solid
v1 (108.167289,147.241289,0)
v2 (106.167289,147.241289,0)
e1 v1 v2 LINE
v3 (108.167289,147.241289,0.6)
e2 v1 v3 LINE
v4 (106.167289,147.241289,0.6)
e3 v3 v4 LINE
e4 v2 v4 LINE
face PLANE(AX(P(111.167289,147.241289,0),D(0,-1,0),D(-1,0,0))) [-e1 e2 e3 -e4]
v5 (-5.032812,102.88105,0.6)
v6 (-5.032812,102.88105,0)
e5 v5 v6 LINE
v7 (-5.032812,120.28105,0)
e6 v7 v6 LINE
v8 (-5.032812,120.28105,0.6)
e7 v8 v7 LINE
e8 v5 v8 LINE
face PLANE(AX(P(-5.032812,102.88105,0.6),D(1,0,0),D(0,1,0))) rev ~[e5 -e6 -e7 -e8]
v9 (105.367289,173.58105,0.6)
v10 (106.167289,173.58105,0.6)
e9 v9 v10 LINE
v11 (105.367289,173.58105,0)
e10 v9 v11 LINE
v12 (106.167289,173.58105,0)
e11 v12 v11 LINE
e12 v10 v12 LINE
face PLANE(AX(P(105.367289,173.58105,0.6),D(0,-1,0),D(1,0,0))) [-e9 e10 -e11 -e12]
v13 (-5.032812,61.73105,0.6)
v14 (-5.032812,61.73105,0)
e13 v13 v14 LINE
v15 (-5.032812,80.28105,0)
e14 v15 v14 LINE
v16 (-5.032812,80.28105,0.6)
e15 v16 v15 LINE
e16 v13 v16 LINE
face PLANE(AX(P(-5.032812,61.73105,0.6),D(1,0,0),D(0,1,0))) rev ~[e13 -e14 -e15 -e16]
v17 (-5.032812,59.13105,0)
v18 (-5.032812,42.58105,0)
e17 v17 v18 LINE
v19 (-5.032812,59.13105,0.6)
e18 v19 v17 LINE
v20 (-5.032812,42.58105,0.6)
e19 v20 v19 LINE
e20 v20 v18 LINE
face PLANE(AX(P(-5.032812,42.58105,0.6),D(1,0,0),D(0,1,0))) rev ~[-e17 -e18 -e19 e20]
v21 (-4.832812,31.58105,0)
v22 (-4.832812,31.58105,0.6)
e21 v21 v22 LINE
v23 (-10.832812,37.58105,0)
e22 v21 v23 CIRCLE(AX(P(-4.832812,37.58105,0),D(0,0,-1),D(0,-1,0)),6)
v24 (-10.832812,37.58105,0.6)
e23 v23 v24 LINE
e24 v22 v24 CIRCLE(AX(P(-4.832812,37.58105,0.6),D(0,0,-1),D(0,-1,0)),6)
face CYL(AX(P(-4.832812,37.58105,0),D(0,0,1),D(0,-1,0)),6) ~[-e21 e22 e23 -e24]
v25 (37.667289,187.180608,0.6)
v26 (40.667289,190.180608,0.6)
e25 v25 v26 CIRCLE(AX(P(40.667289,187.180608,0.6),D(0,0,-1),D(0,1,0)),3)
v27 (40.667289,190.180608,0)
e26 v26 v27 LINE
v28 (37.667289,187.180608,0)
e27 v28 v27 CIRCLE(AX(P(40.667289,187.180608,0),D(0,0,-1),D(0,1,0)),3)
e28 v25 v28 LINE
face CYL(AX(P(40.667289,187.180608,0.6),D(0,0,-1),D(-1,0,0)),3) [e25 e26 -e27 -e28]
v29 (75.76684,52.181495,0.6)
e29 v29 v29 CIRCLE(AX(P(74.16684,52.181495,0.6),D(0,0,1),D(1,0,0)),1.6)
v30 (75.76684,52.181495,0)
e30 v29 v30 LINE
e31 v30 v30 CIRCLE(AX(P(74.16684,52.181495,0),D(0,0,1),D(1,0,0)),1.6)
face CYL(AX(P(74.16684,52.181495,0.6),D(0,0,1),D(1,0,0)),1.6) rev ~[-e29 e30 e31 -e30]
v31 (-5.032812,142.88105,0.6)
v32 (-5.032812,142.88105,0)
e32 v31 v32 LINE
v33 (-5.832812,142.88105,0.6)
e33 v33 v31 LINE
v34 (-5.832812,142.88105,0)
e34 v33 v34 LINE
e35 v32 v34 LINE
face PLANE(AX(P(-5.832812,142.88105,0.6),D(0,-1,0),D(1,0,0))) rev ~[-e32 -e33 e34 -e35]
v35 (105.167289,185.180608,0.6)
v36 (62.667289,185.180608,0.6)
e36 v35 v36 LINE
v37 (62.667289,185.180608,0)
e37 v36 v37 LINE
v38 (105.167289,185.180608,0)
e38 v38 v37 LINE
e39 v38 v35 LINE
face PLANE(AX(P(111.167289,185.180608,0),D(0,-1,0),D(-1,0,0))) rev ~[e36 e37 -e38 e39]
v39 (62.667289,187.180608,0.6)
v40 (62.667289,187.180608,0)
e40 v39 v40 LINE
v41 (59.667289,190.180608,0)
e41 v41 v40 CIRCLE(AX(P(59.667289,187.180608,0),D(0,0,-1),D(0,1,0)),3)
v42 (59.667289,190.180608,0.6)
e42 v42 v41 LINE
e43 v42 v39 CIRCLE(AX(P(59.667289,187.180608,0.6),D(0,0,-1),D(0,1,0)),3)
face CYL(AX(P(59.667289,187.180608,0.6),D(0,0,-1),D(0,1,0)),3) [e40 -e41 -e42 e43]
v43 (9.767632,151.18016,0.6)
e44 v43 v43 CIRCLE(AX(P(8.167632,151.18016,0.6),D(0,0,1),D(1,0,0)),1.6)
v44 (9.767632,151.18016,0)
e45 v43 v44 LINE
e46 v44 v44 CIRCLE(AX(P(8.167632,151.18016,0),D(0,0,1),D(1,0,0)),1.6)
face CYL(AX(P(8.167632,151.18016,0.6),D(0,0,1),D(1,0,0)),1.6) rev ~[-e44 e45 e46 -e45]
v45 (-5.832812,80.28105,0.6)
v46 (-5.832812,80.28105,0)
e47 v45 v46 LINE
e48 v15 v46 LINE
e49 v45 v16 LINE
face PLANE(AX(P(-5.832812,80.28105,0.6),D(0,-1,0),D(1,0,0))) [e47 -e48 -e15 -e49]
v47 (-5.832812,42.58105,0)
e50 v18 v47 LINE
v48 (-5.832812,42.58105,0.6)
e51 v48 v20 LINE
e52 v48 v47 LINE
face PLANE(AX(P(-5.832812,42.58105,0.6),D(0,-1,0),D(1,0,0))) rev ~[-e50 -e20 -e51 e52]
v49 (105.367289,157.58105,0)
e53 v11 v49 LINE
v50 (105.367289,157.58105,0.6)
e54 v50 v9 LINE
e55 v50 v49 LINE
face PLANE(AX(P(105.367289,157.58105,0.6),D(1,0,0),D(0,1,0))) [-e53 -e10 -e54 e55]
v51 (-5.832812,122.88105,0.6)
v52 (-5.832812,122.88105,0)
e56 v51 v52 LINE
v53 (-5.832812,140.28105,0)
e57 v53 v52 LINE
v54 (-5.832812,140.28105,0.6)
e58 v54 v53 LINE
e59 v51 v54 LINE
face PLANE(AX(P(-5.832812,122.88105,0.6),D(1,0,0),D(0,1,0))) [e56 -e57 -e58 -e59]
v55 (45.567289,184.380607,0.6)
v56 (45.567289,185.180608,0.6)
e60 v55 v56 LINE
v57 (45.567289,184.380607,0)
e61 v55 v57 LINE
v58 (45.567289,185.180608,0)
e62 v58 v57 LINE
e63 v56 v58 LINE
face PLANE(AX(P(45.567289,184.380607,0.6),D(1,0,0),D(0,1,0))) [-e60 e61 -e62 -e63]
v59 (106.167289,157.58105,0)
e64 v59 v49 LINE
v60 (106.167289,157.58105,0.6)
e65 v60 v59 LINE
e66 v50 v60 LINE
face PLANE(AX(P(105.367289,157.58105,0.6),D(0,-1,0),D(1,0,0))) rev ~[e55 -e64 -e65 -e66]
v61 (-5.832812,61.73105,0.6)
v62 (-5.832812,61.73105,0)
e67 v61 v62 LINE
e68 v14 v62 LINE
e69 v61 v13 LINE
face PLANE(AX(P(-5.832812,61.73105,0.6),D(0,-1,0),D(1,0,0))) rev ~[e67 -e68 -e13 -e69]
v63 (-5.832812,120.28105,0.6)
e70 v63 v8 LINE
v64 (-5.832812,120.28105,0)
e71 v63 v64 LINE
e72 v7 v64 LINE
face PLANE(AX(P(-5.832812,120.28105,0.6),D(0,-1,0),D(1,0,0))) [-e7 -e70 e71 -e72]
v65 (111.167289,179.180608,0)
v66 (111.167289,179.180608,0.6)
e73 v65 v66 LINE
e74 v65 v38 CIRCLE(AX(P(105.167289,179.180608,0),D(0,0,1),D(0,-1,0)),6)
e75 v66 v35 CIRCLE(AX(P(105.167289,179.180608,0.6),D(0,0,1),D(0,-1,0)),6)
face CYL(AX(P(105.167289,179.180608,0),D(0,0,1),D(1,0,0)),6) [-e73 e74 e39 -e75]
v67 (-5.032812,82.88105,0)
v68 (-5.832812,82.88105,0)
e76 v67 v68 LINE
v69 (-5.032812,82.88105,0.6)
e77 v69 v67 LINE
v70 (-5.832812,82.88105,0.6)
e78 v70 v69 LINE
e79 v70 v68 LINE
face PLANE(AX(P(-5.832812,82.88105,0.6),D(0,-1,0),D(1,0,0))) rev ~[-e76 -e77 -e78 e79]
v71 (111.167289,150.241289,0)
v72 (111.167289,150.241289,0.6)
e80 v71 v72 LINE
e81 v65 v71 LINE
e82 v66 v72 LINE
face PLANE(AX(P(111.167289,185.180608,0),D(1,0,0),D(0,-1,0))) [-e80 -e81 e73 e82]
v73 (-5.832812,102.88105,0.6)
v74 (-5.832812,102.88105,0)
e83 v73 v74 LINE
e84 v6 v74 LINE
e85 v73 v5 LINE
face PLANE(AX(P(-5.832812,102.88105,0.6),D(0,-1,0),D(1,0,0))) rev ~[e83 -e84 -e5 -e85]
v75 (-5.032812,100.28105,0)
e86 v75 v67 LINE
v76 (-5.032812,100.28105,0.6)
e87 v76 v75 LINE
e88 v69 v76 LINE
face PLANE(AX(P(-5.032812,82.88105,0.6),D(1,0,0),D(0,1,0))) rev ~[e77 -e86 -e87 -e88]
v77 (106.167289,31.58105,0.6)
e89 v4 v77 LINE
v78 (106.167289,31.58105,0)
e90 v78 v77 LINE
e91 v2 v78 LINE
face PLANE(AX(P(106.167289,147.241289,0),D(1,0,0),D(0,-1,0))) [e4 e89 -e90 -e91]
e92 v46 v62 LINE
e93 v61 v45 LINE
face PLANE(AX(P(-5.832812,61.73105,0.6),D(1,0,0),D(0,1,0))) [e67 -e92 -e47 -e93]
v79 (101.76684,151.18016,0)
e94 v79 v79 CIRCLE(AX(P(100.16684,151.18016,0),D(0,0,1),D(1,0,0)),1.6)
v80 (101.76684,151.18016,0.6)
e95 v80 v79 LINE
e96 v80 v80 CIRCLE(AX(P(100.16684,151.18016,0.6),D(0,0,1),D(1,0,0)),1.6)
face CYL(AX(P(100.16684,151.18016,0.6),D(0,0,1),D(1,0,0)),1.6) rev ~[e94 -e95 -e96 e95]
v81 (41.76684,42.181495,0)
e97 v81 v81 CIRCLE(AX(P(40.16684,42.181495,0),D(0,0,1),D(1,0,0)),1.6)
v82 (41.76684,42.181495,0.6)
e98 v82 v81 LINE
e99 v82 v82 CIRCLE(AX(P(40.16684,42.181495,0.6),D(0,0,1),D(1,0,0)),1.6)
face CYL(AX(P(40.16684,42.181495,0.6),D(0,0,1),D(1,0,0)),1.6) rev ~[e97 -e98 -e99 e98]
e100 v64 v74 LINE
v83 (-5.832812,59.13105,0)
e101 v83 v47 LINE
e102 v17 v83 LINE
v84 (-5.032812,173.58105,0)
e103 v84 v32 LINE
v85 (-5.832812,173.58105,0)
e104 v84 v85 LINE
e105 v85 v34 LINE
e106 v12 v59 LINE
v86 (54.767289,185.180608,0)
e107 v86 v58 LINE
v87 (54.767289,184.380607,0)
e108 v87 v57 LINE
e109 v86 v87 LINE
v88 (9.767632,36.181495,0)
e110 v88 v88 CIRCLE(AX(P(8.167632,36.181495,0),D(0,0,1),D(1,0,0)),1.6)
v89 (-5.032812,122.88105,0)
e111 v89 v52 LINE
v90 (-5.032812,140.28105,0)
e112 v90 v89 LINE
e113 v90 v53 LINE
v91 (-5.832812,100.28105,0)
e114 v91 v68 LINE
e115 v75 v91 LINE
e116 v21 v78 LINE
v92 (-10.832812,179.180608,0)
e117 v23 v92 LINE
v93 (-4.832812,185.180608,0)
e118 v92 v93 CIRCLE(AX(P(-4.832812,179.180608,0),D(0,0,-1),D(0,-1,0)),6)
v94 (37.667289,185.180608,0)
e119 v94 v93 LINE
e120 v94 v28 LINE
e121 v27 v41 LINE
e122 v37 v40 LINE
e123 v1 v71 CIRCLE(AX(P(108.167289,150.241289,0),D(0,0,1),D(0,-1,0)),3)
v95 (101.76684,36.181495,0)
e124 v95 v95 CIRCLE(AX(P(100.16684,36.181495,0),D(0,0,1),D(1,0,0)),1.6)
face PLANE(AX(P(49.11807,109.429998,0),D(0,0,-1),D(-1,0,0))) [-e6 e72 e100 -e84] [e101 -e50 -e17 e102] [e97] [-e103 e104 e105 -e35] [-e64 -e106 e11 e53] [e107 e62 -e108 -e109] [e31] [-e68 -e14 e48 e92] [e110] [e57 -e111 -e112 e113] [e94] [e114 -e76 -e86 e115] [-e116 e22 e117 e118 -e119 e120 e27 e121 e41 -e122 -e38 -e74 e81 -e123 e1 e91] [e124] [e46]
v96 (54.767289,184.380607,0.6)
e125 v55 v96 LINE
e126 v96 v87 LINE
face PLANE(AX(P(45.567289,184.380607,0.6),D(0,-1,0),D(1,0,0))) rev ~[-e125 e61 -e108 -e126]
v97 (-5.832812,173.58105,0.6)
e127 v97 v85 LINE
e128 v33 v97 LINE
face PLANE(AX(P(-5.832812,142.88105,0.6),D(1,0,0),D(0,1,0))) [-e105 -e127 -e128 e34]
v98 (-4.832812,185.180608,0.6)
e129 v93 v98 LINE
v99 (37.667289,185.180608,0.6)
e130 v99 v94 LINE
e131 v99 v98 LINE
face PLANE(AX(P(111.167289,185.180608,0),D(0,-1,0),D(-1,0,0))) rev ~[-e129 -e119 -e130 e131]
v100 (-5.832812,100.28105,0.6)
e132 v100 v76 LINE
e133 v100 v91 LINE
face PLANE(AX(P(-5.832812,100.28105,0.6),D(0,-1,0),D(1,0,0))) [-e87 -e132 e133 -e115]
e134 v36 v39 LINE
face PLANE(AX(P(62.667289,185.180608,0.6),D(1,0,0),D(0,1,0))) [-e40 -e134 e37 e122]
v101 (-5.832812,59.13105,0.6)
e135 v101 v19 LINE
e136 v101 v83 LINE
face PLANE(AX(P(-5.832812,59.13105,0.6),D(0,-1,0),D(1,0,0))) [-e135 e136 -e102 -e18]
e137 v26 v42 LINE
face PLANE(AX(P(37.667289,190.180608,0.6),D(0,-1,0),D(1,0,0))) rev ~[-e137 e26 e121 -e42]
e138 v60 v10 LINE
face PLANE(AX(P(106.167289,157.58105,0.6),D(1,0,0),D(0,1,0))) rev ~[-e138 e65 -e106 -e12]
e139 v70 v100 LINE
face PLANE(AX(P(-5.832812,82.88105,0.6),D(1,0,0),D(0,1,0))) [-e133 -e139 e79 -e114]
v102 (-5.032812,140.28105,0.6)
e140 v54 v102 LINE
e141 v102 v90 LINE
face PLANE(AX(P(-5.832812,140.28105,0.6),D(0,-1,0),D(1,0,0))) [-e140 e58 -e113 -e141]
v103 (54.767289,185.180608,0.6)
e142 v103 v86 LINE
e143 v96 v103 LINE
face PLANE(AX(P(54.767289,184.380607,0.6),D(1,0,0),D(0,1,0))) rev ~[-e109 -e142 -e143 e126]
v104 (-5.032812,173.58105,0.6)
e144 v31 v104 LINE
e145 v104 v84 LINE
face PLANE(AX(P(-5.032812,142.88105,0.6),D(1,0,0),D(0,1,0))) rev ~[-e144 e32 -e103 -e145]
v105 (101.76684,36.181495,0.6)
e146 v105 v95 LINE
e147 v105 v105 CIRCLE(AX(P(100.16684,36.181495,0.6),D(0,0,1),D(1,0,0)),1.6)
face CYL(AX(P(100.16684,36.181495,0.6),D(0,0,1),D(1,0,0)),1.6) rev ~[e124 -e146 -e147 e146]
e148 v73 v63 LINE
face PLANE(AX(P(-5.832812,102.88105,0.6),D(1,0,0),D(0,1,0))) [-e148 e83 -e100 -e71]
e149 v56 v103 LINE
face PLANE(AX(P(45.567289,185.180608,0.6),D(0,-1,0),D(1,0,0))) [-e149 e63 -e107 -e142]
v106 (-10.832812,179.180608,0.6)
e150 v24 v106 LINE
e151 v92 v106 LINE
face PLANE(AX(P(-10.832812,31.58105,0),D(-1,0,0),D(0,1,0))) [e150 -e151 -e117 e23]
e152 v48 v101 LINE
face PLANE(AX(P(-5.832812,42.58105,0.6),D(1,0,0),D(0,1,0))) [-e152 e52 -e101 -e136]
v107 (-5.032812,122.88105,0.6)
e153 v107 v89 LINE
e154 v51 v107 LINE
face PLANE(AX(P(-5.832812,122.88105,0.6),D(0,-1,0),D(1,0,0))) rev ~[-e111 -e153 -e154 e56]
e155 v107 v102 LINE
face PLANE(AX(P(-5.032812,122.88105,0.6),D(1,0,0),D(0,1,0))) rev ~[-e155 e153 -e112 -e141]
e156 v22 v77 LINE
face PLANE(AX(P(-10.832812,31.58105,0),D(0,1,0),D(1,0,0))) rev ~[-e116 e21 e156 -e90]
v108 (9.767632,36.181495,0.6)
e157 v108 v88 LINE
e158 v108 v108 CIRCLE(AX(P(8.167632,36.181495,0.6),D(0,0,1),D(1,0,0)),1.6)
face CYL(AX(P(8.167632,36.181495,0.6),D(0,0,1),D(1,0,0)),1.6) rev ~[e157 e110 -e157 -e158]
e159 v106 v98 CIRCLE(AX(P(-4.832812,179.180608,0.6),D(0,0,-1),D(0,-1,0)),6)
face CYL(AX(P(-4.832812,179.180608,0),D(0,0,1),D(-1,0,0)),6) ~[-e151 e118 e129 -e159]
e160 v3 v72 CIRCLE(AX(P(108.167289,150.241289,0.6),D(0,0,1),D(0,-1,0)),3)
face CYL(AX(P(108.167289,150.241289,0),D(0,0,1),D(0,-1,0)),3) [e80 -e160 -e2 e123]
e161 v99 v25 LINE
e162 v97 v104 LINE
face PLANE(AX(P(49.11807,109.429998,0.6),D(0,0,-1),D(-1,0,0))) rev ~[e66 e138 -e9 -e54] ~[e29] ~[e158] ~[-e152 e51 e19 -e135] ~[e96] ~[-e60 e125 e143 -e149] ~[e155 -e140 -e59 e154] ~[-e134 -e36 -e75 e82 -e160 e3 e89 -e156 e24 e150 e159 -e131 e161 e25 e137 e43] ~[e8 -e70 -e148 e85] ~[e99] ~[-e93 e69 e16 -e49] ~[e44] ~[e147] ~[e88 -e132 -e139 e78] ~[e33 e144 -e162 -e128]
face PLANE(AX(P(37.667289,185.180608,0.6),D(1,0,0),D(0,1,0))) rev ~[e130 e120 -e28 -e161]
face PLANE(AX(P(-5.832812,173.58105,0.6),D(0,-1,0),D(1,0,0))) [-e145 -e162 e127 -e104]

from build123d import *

# Parameters (mm, degrees)
BOSS_EXTRUDE1_DEPTH = 0.6
SKETCH14_R          = 1.6
SKETCH14_W          = 0.8
SKETCH14_H          = 30.7
SKETCH14_H_2        = 16.55
SKETCH14_H_3        = 17.4
SKETCH14_H_4        = 18.55
SKETCH14_H_5        = 16
CUT_EXTRUDE1_DEPTH  = 1.6
FILLET3_R           = 6
SKETCH15_R          = 1.6
CUT_EXTRUDE2_DEPTH  = 1.6
SKETCH16_W          = 25
SKETCH16_H          = 5
BOSS_EXTRUDE2_DEPTH = 0.6
SKETCH17_W          = 9.2
SKETCH17_H          = 0.8
CUT_EXTRUDE3_DEPTH  = 1.6
FILLET4_R           = 3


with BuildPart() as part:
    # Sketch2 → Boss-Extrude1 (new body)
    with BuildSketch(Plane.XY):
        Polygon((106.16728925, 147.241288665), (106.16728925, 31.58105), (24.16705825, 31.58105), (-10.832812, 31.58105), (-10.832812, 185.1806075), (24.16705825, 185.1806075), (106.16728925, 185.1806075), (111.16728925, 185.1806075), (111.16728925, 147.241288665), align=None)
    extrude(amount=BOSS_EXTRUDE1_DEPTH)

    # Sketch14 → Cut-Extrude1 (cut, through all)
    with BuildSketch(Plane.XY.offset(0.6)):
        with Locations((100.166839875, 36.181495)):
            Circle(SKETCH14_R)
        with Locations((8.167632375, 36.181495)):
            Circle(SKETCH14_R)
        with Locations((8.167632375, 151.18016)):
            Circle(SKETCH14_R)
        with Locations((100.166839875, 151.18016)):
            Circle(SKETCH14_R)
        with Locations((-5.432812, 158.23105)):
            Rectangle(SKETCH14_W, SKETCH14_H)
        with Locations((-5.432812, 50.85605)):
            Rectangle(SKETCH14_W, SKETCH14_H_2)
        with Locations((-5.432812, 131.58105)):
            Rectangle(SKETCH14_W, SKETCH14_H_3)
        with Locations((-5.432812, 71.00605)):
            Rectangle(SKETCH14_W, SKETCH14_H_4)
        with Locations((-5.432812, 91.58105)):
            Rectangle(SKETCH14_W, SKETCH14_H_3)
        with Locations((-5.432812, 111.58105)):
            Rectangle(SKETCH14_W, SKETCH14_H_3)
        with Locations((105.76728925, 165.58105)):
            Rectangle(SKETCH14_W, SKETCH14_H_5)
    extrude(amount=-CUT_EXTRUDE1_DEPTH, mode=Mode.SUBTRACT)

    # Fillet3
    fillet3_edges = [part.edges().sort_by_distance(p)[0] for p in [
        (111.16728925, 185.1806075, 0.3),
        (-10.832812, 31.58105, 0.3),
        (-10.832812, 185.1806075, 0.3),
    ]]
    fillet(fillet3_edges, radius=FILLET3_R)

    # Sketch15 → Cut-Extrude2 (cut, through all)
    with BuildSketch(Plane.XY.offset(0.6)):
        with Locations((74.166839875, 52.181495)):
            Circle(SKETCH15_R)
        with Locations((40.166839875, 42.181495)):
            Circle(SKETCH15_R)
    extrude(amount=-CUT_EXTRUDE2_DEPTH, mode=Mode.SUBTRACT)

    # Sketch16 → Boss-Extrude2 (add)
    with BuildSketch(Plane.XY.offset(0.6)):
        with Locations((50.16728925, 187.6806075)):
            Rectangle(SKETCH16_W, SKETCH16_H)
    extrude(amount=-BOSS_EXTRUDE2_DEPTH)

    # Sketch17 → Cut-Extrude3 (cut, through all)
    with BuildSketch(Plane.XY.offset(0.6)):
        with Locations((50.16728925, 184.7806075)):
            Rectangle(SKETCH17_W, SKETCH17_H)
    extrude(amount=-CUT_EXTRUDE3_DEPTH, mode=Mode.SUBTRACT)

    # Fillet4
    fillet4_edges = [part.edges().sort_by_distance(p)[0] for p in [
        (111.16728925, 147.241288665, 0.3),
        (37.66728925, 190.1806075, 0.3),
        (62.66728925, 190.1806075, 0.3),
    ]]
    fillet(fillet4_edges, radius=FILLET4_R)


solid = part.part
